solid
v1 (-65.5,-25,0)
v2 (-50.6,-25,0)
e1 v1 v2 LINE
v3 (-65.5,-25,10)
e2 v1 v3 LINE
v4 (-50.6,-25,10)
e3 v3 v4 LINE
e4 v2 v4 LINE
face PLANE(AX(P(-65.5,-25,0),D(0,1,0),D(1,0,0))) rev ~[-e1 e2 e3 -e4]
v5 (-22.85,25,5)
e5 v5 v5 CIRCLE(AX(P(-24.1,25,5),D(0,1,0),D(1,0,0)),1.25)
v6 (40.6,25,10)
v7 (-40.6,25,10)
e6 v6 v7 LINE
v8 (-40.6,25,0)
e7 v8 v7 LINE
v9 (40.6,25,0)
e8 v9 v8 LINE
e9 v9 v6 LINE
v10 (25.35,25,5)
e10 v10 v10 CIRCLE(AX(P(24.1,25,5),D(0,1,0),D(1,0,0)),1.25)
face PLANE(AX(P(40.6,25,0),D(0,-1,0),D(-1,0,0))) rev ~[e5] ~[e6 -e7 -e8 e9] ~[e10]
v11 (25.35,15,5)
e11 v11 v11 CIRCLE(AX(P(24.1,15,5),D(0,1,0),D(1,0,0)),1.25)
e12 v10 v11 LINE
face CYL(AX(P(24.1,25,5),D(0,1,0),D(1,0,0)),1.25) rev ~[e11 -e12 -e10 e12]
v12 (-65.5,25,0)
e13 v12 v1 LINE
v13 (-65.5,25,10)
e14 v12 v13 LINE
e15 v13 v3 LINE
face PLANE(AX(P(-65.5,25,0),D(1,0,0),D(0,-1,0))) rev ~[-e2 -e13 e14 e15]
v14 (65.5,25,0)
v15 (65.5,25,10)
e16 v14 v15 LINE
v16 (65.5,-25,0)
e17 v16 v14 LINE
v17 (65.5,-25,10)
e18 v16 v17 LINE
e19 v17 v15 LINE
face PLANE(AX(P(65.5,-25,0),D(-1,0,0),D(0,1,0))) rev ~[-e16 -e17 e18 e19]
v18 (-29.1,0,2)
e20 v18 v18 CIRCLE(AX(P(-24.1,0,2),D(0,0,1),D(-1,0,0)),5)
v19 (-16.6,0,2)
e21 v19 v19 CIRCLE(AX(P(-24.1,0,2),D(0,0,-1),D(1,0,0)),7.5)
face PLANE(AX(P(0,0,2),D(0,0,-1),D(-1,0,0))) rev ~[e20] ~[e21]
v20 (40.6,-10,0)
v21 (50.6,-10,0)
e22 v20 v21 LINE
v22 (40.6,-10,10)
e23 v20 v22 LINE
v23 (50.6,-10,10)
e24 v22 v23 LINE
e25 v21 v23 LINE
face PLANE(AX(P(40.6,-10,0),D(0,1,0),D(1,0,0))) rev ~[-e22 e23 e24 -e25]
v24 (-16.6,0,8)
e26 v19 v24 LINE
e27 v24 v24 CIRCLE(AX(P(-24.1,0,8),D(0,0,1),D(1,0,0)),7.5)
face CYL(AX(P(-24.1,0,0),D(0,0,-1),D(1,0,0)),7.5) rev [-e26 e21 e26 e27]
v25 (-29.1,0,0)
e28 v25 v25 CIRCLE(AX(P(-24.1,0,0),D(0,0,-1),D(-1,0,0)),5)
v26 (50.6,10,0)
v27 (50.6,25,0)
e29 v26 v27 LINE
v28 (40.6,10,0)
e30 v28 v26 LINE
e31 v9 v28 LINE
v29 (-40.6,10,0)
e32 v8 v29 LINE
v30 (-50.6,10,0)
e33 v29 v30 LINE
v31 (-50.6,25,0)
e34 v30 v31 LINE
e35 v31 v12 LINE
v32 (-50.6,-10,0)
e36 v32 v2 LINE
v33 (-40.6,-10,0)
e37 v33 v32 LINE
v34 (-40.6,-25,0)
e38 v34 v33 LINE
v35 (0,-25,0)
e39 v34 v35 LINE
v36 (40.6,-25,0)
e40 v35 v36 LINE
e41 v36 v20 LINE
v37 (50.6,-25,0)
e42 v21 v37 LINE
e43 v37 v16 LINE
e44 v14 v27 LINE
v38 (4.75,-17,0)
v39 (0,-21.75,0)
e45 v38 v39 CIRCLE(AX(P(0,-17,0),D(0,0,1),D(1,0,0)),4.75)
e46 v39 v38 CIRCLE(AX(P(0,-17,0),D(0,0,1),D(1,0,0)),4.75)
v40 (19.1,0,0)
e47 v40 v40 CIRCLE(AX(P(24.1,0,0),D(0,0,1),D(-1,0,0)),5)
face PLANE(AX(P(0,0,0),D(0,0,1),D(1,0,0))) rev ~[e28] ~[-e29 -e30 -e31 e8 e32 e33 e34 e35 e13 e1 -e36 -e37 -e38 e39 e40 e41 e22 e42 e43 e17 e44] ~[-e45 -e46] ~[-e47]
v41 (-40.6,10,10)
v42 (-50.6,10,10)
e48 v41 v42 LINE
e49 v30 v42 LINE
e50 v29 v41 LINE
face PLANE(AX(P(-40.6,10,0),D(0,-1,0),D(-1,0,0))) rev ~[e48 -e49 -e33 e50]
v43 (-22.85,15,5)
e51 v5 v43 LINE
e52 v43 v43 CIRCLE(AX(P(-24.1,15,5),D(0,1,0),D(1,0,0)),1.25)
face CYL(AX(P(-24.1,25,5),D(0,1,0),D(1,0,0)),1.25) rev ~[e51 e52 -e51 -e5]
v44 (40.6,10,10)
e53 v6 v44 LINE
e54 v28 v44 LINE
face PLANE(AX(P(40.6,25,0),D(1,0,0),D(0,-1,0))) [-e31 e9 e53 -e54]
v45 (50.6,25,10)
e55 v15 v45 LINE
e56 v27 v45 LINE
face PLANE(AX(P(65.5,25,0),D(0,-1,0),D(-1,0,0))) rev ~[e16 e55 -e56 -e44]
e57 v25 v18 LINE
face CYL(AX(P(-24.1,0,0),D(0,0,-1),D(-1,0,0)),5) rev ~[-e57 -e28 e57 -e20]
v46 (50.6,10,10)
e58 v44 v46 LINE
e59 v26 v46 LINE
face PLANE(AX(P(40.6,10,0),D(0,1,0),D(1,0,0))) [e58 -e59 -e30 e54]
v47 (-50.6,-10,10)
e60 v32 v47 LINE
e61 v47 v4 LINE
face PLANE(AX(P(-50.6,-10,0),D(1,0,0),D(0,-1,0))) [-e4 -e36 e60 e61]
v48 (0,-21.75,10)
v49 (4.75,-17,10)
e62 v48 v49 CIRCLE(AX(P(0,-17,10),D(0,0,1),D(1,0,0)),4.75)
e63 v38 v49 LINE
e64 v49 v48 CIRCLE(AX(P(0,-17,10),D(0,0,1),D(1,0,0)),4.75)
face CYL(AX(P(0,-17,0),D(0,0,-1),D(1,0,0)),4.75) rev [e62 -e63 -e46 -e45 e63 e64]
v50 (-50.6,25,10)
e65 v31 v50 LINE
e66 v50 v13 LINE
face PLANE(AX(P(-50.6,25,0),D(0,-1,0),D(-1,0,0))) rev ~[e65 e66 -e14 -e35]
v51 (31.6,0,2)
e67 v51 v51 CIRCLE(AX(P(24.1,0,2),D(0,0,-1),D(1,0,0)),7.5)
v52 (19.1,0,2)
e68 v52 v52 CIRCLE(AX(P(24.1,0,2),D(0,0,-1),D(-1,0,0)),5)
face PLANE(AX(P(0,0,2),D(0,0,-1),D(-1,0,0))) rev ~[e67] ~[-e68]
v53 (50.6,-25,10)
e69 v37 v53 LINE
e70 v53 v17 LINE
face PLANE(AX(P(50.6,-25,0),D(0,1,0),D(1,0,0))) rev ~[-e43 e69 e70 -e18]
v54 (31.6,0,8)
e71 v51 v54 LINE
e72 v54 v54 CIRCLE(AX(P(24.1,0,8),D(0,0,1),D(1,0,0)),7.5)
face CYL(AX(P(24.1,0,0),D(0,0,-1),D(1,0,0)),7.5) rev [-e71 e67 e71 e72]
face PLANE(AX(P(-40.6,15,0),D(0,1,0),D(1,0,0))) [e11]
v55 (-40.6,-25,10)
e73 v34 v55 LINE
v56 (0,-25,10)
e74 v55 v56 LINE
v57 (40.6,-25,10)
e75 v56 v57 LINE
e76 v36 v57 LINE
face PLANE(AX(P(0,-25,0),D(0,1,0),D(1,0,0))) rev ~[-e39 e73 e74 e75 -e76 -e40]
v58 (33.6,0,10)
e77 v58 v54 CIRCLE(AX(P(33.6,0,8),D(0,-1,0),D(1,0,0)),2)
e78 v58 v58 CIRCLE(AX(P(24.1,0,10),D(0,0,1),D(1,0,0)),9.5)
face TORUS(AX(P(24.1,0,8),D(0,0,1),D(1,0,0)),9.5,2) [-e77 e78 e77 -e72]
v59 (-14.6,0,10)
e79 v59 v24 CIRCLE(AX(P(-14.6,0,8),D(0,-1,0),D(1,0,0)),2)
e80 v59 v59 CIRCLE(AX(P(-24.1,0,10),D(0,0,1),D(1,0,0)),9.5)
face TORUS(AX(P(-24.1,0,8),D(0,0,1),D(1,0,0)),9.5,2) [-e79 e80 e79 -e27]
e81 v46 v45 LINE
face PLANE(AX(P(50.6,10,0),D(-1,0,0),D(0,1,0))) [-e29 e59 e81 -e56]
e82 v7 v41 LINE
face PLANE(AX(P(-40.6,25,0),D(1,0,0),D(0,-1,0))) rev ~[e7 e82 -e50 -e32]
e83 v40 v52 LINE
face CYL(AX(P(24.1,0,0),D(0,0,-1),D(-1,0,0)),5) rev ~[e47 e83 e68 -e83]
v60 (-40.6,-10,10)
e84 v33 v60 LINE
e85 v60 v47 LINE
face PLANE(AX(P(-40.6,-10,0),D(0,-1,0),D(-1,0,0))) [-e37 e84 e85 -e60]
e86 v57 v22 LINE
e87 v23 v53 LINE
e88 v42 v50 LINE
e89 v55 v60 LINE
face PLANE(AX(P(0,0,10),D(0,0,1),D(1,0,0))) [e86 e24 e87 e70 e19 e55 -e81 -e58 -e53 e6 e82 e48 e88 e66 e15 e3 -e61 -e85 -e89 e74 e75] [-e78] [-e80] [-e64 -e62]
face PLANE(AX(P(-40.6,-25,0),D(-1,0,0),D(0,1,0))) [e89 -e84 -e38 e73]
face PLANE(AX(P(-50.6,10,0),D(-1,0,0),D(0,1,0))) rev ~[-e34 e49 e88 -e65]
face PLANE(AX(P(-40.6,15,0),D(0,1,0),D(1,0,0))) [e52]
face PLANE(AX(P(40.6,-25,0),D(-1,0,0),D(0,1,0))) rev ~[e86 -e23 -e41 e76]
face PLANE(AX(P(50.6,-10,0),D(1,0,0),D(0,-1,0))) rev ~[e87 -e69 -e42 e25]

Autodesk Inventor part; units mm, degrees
ref_plane "YZ Plane" through (0, 0, 0) normal (1, 0, 0) x (0, 1, 0)
ref_plane "XZ Plane" through (0, 0, 0) normal (0, 1, 0) x (-1, 0, 0)
ref_plane "XY Plane" through (0, 0, 0) normal (0, 0, 1) x (1, 0, 0)
sketch "Sketch1" plane through (0, 0, 0) normal (0, 0, 1) x (1, 0, 0)
  line L0 (65.5, 25) -> (-65.5, 25)
  line L1 (-65.5, 25) -> (-65.5, -25)
  line L2 (-65.5, -25) -> (65.5, -25)
  line L3 (65.5, -25) -> (65.5, 25)
  line L4 (-40.6, 25) -> (-40.6, 10)
  line L5 (-40.6, 10) -> (-50.6, 10)
  line L6 (-50.6, 10) -> (-50.6, 25)
  line L7 (-40.6, -25) -> (-40.6, -10)
  line L8 (-40.6, -10) -> (-50.6, -10)
  line L9 (-50.6, -10) -> (-50.6, -25)
  line L10 (40.6, 25) -> (40.6, 10)
  line L11 (40.6, 10) -> (50.6, 10)
  line L12 (50.6, 10) -> (50.6, 25)
  line L13 (40.6, -25) -> (40.6, -10)
  line L14 (40.6, -10) -> (50.6, -10)
  line L15 (50.6, -10) -> (50.6, -25)
  circle A0 centre (24.1, 0) radius 7.5
  circle A1 centre (-24.1, 0) radius 7.5
  circle A2 centre (24.1, 0) radius 7.5
  circle A3 centre (-24.1, 0) radius 7.5
  line L16 (0, -25) -> (0, -17)
  circle A4 centre (0, -17) radius 4.75
  dimension "d0" = 15
  dimension "d1" = 15
  dimension "d2" = 15
  dimension "d3" = 15
  dimension "d8" = 15
  dimension "d9" = 15
  dimension "d35" = 8
  dimension "d36" = 9.5
extrude "Extrusion2" add sketch "Sketch1" along normal blind 10 contours A4 | L3 L2 L15 L14 L13 L7 L8 L9 L1 L0 L6 L5 L4 L10 L11 L12
sketch "Sketch2" plane through (-40.6, 25, 0) normal (0, 1, 0) x (1, 0, 0)
  circle A0 centre (64.7, -5) radius 1.25
  circle A1 centre (16.5, -5) radius 1.25
  point P0 (40.6, 0)
  dimension "d15" = 2.5
  dimension "d16" = 2.5
extrude "Extrusion3" cut sketch "Sketch2" against normal blind 10
sketch "Sketch3" plane through (0, 0, 0) normal (0, 0, -1) x (-1, 0, 0)
  circle A0 centre (0, 0) radius 24.1
  circle A1 centre (-24.1, 0) radius 7.5
  circle A2 centre (24.1, 0) radius 7.5
  circle A3 centre (-24.1, 0) radius 5
  circle A4 centre (24.1, 0) radius 5
  dimension "d25" = 48.2
  dimension "d39" = 10
  dimension "d40" = 10
extrude "Extrusion8" cut sketch "Sketch1" along normal blind 10 contours A4
extrude "Extrusion9" add sketch "Sketch3" against normal blind 2 contours A4 A0 A2 | A0 A2 A4 | A1 A0 A3 | A0 A3 A1
fillet "Fillet1" radius 2 2 edges at (-31.6, 0, 10) (16.6, 0, 10)
properties part number "prepazka-sablona"
